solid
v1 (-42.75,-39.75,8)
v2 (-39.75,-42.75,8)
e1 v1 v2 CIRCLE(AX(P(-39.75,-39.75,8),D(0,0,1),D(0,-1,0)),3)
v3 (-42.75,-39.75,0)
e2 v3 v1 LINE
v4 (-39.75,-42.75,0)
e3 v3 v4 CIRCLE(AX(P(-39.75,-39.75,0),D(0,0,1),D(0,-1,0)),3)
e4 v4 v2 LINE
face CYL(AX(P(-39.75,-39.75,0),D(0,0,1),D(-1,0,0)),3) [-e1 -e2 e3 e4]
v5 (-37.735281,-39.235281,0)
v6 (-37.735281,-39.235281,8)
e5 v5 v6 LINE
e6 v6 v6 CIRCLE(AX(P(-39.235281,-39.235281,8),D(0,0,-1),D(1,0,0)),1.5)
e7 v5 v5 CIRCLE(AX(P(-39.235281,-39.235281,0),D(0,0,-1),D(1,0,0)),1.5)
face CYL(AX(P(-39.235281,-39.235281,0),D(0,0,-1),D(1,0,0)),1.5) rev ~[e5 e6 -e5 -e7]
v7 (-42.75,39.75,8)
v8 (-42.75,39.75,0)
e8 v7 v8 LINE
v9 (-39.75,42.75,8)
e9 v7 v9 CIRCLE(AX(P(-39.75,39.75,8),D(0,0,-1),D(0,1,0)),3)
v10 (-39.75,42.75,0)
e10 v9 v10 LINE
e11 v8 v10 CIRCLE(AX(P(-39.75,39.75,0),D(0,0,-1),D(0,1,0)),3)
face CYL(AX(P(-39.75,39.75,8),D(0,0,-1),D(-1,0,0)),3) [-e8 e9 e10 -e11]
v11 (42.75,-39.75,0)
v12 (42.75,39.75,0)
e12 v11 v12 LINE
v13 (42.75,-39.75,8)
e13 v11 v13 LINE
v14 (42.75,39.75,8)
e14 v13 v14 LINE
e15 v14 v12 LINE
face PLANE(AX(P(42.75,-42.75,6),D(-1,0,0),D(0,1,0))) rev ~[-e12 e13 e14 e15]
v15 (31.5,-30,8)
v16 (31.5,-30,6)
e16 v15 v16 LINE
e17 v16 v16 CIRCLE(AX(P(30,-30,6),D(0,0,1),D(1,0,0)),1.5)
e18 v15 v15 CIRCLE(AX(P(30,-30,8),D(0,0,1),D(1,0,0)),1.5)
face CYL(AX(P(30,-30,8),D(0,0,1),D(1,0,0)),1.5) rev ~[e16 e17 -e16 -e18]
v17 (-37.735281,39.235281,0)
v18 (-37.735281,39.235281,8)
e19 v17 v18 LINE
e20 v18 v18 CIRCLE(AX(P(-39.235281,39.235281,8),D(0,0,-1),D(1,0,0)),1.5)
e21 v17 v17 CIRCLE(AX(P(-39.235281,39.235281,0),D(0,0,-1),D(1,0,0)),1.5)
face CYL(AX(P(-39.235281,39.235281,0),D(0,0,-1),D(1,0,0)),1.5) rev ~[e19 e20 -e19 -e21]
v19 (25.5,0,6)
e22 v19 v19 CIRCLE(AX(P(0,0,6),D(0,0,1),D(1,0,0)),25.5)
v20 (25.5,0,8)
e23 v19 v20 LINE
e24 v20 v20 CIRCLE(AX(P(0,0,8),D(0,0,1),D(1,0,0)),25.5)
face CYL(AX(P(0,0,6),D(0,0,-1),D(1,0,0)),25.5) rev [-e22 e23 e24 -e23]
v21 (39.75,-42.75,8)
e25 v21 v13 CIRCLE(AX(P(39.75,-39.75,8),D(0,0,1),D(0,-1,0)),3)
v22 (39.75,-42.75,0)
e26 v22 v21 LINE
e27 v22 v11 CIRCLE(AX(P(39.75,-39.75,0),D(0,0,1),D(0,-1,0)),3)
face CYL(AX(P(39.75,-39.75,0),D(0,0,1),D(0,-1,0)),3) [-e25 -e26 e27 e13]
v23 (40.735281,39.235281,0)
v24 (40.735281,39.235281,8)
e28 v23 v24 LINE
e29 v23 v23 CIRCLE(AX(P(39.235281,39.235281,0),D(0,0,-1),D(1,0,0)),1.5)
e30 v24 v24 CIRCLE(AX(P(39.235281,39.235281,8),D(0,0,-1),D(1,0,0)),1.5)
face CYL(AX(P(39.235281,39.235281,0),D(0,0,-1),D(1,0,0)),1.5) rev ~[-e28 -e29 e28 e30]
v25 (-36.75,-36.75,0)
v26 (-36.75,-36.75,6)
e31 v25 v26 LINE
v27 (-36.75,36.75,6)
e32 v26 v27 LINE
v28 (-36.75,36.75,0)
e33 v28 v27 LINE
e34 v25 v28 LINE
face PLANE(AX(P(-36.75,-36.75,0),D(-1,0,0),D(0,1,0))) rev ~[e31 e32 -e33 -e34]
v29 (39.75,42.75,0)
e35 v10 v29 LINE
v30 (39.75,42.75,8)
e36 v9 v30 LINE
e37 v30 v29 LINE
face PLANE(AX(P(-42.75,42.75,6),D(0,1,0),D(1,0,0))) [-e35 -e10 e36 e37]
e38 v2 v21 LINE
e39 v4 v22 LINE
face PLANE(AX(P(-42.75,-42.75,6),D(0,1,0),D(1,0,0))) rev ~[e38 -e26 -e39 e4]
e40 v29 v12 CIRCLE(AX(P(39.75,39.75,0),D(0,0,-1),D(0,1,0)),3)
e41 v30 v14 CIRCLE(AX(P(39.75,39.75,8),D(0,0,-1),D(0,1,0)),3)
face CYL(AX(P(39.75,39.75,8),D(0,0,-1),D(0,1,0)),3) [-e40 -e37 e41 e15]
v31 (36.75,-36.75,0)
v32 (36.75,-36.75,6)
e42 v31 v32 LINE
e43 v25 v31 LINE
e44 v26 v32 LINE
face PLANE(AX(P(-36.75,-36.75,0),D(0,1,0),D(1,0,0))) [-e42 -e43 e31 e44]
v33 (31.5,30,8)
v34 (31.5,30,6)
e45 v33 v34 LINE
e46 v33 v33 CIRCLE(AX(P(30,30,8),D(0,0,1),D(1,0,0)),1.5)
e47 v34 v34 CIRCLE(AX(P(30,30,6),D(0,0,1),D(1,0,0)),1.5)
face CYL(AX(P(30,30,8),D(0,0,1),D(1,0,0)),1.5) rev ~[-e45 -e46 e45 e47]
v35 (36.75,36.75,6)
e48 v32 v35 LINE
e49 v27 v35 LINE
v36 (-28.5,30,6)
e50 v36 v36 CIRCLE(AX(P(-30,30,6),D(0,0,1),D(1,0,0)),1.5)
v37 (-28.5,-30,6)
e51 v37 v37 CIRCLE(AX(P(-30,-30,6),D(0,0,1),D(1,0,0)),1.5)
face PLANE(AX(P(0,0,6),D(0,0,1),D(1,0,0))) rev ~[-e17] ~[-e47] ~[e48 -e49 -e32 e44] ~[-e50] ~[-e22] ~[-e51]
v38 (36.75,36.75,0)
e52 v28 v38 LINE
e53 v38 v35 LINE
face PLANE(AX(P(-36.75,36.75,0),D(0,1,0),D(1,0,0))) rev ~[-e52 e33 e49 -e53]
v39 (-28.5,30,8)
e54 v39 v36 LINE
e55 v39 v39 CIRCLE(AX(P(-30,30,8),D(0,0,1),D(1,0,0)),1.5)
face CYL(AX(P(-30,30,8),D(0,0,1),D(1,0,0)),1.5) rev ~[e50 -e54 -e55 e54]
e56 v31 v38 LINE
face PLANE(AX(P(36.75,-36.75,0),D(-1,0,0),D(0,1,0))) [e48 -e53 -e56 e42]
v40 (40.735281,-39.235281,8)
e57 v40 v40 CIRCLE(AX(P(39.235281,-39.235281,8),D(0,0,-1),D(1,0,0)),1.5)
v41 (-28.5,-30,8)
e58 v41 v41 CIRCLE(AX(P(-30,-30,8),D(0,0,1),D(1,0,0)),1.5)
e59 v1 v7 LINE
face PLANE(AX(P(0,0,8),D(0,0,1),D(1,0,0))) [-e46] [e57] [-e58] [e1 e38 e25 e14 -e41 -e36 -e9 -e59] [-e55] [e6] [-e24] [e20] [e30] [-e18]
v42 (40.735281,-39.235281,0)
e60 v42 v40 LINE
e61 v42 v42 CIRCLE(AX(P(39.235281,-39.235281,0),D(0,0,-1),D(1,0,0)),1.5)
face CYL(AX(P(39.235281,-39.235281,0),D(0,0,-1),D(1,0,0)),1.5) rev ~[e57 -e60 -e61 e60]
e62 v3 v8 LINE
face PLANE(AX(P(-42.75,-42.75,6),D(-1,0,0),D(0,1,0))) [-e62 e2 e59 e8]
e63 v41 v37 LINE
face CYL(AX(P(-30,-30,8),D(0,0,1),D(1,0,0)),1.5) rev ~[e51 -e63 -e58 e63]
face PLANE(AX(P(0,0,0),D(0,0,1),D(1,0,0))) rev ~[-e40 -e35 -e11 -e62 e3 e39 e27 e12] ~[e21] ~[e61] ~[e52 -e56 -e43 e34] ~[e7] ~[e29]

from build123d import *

# Parameters (mm, degrees)
SKETCH006_W     = 85.5
SKETCH006_H     = 85.5
SKETCH006_W_2   = 73.5
SKETCH006_H_2   = 73.5
PAD003_DEPTH    = 6
SKETCH007_W     = 85.5
SKETCH007_H     = 85.5
SKETCH007_R     = 25.5
PAD004_DEPTH    = 2
SKETCH008_R     = 1.5
POCKET_DEPTH    = 8.001
SKETCH009_R     = 1.5
POCKET001_DEPTH = 5
FILLET002_R     = 3


with BuildPart() as part:
    # Sketch006 → Pad003 (new body)
    with BuildSketch(Plane.XY):
        Rectangle(SKETCH006_W, SKETCH006_H)
        Rectangle(SKETCH006_W_2, SKETCH006_H_2, mode=Mode.SUBTRACT)
    extrude(amount=PAD003_DEPTH)

    # Sketch007 (on Face10 of Pad003) → Pad004 (join)
    with BuildSketch(Plane.XY.offset(6)):
        Rectangle(SKETCH007_W, SKETCH007_H)
        Circle(SKETCH007_R, mode=Mode.SUBTRACT)
    extrude(amount=PAD004_DEPTH)

    # Sketch008 (on Face4 of Pad004) → Pocket (cut, through all)
    with BuildSketch(Plane(origin=(0, 0, 0), x_dir=(1, 0, 0), z_dir=(0, 0, -1))):
        with Locations((-39.235281, 39.235281)):
            Circle(SKETCH008_R)
        with Locations((39.235281, 39.235281)):
            Circle(SKETCH008_R)
        with Locations((39.235281, -39.235281)):
            Circle(SKETCH008_R)
        with Locations((-39.235281, -39.235281)):
            Circle(SKETCH008_R)
    extrude(amount=-POCKET_DEPTH, mode=Mode.SUBTRACT)

    # Sketch009 (on Face17 of Pocket) → Pocket001 (cut)
    with BuildSketch(Plane.XY.offset(8)):
        with Locations((-30, 30)):
            Circle(SKETCH009_R)
        with Locations((30, 30)):
            Circle(SKETCH009_R)
        with Locations((30, -30)):
            Circle(SKETCH009_R)
        with Locations((-30, -30)):
            Circle(SKETCH009_R)
    extrude(amount=-POCKET001_DEPTH, mode=Mode.SUBTRACT)

    # Fillet002
    fillet002_edges = [part.edges().sort_by_distance(p)[0] for p in [
        (42.75, 42.75, 3),
        (-42.75, 42.75, 3),
        (-42.75, -42.75, 3),
        (42.75, -42.75, 3),
    ]]
    fillet(fillet002_edges, radius=FILLET002_R)


solid = part.part
